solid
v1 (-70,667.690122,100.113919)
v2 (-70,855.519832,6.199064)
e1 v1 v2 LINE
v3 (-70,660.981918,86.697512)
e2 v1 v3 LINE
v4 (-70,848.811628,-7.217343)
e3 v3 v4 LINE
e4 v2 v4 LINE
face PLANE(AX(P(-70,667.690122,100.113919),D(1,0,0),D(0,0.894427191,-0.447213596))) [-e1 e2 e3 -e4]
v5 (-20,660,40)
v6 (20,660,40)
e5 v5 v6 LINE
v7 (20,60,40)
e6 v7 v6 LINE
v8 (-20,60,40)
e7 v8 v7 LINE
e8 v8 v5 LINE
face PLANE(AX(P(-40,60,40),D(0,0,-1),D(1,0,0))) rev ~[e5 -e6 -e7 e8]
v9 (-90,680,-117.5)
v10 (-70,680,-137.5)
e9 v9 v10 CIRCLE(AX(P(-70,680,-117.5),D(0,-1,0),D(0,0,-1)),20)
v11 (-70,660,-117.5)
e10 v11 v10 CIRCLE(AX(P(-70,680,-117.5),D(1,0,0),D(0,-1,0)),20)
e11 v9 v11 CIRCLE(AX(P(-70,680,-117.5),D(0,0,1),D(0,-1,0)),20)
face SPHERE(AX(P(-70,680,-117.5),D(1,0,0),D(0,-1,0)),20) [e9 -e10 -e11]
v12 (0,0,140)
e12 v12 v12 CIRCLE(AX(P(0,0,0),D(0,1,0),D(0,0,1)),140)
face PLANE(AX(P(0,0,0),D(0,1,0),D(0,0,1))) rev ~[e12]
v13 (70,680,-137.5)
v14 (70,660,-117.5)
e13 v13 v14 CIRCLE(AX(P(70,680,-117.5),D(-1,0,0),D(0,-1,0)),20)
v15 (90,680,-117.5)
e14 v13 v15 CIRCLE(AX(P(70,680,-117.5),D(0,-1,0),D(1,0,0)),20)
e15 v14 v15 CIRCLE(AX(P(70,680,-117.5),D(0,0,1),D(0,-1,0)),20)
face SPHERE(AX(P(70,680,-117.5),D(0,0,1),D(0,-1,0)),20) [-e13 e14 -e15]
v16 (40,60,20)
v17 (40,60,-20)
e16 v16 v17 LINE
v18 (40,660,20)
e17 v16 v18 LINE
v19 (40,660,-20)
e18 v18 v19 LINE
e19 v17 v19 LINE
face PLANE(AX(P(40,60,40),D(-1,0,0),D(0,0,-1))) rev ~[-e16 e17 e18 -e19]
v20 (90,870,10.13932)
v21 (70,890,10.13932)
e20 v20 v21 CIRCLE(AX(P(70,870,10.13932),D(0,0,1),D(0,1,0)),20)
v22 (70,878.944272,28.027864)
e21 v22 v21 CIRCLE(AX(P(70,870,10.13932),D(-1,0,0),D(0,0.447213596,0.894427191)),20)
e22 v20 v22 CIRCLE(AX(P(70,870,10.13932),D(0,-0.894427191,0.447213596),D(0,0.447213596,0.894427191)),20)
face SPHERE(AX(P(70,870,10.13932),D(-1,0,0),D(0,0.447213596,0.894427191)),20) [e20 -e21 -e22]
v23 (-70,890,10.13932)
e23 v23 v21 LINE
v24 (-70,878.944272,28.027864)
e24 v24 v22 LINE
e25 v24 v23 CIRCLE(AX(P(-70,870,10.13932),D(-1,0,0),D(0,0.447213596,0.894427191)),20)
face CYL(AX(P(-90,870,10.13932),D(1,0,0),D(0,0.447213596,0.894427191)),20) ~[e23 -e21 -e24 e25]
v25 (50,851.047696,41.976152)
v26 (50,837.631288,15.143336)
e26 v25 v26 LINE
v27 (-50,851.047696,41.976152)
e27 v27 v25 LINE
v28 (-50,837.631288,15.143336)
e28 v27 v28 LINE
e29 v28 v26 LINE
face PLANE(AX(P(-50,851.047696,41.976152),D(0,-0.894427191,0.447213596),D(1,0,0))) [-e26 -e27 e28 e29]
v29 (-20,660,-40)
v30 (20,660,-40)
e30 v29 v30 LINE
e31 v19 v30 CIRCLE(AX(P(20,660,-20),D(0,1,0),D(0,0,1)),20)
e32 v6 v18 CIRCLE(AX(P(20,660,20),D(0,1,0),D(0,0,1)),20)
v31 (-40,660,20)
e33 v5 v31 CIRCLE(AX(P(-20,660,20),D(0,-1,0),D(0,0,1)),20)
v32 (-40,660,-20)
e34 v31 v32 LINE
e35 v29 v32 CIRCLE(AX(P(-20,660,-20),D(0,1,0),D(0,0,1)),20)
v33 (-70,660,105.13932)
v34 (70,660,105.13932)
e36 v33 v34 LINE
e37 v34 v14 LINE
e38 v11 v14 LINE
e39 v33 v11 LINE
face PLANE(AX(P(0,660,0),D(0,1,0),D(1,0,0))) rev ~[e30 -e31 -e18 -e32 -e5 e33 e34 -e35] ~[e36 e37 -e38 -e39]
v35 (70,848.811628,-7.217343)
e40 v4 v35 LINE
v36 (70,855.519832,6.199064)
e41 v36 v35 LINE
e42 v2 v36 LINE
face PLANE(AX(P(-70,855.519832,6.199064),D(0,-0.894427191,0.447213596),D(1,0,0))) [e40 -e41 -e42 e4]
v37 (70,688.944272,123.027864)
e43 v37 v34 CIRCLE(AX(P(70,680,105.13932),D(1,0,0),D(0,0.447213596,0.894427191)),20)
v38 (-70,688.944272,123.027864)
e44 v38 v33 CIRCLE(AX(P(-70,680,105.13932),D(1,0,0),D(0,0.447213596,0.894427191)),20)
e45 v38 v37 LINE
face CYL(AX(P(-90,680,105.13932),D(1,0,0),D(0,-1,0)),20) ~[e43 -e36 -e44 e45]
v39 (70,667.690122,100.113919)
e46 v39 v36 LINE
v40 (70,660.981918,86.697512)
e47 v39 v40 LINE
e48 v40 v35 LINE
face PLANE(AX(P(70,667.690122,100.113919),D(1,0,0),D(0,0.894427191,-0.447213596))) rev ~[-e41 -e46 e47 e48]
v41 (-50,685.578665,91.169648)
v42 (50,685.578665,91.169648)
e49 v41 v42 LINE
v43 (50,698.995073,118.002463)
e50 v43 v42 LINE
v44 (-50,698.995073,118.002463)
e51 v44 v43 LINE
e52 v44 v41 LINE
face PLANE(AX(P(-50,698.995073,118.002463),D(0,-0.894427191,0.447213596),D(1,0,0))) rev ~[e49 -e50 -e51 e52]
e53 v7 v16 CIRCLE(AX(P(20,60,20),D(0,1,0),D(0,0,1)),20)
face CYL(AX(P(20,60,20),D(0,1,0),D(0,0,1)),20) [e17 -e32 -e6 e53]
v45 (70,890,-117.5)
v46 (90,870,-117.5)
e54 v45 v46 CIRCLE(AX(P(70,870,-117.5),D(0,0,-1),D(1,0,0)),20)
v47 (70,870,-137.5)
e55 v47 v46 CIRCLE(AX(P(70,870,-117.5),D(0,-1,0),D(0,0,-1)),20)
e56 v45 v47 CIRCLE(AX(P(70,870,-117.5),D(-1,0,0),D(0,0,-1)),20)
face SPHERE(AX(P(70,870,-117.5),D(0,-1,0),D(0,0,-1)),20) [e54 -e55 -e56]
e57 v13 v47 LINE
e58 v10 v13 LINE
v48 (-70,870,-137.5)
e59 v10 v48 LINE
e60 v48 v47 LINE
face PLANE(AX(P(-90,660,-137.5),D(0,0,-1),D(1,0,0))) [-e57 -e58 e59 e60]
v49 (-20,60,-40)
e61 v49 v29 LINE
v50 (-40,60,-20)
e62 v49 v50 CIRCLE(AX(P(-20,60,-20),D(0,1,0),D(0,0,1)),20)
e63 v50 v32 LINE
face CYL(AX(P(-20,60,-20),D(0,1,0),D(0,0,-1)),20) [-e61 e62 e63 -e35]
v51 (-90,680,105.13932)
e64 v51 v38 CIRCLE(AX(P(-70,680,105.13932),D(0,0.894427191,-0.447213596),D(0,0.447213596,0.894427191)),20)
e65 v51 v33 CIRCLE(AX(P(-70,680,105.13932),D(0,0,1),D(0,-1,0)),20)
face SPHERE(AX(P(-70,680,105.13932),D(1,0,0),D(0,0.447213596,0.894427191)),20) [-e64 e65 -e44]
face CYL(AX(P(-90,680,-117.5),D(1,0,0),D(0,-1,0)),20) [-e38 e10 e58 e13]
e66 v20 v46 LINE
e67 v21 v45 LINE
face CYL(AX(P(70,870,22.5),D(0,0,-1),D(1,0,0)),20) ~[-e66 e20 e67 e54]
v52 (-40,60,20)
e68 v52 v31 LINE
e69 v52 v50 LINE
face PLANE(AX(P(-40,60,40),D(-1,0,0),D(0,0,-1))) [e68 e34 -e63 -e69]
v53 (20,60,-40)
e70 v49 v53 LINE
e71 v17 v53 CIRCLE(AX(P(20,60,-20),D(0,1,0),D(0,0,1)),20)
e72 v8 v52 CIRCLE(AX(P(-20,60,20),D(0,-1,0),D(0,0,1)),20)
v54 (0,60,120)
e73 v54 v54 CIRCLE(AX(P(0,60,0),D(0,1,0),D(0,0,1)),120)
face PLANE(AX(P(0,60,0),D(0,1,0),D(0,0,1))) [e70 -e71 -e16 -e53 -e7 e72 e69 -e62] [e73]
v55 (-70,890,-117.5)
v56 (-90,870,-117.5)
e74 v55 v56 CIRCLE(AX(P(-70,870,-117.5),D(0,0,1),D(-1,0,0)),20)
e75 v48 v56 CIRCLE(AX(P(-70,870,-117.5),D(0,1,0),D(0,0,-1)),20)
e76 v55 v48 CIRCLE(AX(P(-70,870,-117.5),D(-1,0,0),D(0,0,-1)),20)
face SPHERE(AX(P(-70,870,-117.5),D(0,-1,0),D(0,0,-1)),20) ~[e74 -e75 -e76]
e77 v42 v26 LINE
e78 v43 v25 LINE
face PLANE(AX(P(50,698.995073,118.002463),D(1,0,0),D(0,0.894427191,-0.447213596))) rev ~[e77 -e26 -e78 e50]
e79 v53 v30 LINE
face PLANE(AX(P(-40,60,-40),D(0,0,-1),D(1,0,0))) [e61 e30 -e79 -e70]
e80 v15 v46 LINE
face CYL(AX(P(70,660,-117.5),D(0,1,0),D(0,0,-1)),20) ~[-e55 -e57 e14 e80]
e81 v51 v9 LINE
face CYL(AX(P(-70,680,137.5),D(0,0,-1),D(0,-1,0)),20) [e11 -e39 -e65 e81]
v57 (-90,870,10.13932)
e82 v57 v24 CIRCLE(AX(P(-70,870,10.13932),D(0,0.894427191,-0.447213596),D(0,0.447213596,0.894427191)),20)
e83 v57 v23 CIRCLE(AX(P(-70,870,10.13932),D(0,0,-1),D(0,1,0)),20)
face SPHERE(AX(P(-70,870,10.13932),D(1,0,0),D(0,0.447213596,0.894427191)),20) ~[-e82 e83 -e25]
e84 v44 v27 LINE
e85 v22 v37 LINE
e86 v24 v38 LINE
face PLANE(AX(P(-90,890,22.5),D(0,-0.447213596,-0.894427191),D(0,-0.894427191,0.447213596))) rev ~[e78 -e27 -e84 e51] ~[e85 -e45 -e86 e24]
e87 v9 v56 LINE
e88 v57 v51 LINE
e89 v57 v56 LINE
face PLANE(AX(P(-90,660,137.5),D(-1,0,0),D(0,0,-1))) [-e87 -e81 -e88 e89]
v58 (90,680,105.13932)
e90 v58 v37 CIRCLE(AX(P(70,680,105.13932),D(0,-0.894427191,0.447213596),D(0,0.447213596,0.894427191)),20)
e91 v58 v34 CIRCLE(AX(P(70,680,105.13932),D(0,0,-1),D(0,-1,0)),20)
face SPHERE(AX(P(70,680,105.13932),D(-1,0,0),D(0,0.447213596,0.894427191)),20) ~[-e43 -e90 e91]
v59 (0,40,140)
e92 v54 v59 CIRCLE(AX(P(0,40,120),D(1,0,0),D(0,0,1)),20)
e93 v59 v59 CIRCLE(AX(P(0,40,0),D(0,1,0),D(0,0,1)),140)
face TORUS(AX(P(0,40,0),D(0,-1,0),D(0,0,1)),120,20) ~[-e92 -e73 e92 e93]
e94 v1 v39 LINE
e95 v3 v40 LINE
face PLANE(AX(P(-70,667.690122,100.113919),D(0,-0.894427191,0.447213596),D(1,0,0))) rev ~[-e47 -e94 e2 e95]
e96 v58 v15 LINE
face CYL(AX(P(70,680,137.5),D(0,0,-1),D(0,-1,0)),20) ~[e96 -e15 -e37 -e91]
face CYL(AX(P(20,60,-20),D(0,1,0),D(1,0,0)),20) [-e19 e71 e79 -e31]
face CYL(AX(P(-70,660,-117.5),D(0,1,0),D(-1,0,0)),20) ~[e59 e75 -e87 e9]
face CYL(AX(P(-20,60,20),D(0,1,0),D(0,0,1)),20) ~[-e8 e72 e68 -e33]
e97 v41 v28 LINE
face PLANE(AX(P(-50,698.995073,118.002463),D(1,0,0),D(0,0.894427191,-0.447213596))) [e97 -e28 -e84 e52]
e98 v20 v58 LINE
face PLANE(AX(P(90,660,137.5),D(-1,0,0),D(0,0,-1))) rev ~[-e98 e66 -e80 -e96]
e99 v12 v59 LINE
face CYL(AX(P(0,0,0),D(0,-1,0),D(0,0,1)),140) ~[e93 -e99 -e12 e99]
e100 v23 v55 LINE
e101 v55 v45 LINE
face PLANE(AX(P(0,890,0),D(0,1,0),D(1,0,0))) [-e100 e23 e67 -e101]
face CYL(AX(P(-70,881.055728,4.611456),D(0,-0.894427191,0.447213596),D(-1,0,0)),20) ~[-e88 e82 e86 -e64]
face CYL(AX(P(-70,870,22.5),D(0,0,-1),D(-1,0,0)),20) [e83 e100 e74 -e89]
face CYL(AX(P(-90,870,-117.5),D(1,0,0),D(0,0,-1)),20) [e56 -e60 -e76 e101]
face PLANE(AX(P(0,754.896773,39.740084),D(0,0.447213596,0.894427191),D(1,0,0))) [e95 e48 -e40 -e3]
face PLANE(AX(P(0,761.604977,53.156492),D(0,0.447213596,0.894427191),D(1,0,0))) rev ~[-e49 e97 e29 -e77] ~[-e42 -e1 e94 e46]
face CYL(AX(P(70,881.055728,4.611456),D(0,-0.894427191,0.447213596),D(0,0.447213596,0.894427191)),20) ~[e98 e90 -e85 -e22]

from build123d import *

# Parameters (mm, degrees)
SKETCH1_R           = 140
BOSS_EXTRUDE1_DEPTH = 60
SKETCH2_W           = 80
SKETCH2_H           = 80
BOSS_EXTRUDE2_DEPTH = 600
SKETCH3_W           = 180
SKETCH3_H           = 275
BOSS_EXTRUDE3_DEPTH = 230
CUT_EXTRUDE1_DEPTH  = 930.838695689
SKETCH5_W           = 100
SKETCH5_H           = 170
CUT_EXTRUDE2_DEPTH  = 30
SKETCH6_W           = 140
SKETCH6_H           = 210
CUT_EXTRUDE3_DEPTH  = 15
FILLET1_R           = 20
FILLET2_R           = 20
FILLET3_R           = 20


with BuildPart() as part:
    # Sketch1 → Boss-Extrude1 (new body)
    with BuildSketch(Plane(origin=(0, 0, 0), x_dir=(1, 0, 0), z_dir=(0, 1, 0))):
        with Locations(Location((0, 0, 0), (0, 0, 270))):
            Circle(SKETCH1_R)
    extrude(amount=BOSS_EXTRUDE1_DEPTH)

    # Sketch2 → Boss-Extrude2 (add)
    with BuildSketch(Plane(origin=(0, 60, 0), x_dir=(1, 0, 0), z_dir=(0, 1, 0))):
        Rectangle(SKETCH2_W, SKETCH2_H)
    extrude(amount=BOSS_EXTRUDE2_DEPTH)

    # Sketch3 → Boss-Extrude3 (add)
    with BuildSketch(Plane(origin=(0, 660, 0), x_dir=(1, 0, 0), z_dir=(0, 1, 0))):
        Rectangle(SKETCH3_W, SKETCH3_H)
    extrude(amount=BOSS_EXTRUDE3_DEPTH)

    # Sketch4 → Cut-Extrude1 (cut, through all)
    with BuildSketch(Plane.ZY.offset(90)):
        Polygon((22.5, 890), (137.5, 660), (137.5, 890), align=None)
    extrude(amount=-CUT_EXTRUDE1_DEPTH, mode=Mode.SUBTRACT)

    # Sketch5 → Cut-Extrude2 (cut)
    with BuildSketch(Plane(origin=(0, 187, 374), x_dir=(1, 0, 0), z_dir=(0, 0.4472135954999582, 0.8944271909999159))):
        with Locations((0, 657.427894091)):
            Rectangle(SKETCH5_W, SKETCH5_H)
    extrude(amount=-CUT_EXTRUDE2_DEPTH, mode=Mode.SUBTRACT)

    # Sketch6 → Cut-Extrude3 (cut)
    with BuildSketch(Plane(origin=(0, 173.583592135, 347.16718427), x_dir=(1, 0, 0), z_dir=(0, 0.44721359549995826, 0.8944271909999159))):
        with Locations((0, 657.427894091)):
            Rectangle(SKETCH6_W, SKETCH6_H)
    extrude(amount=-CUT_EXTRUDE3_DEPTH, mode=Mode.SUBTRACT)

    # Fillet1
    fillet1_edges = [part.edges().sort_by_distance(p)[0] for p in [
        (0, 60, -140),
        (40, 360, 40),
        (40, 360, -40),
        (-40, 360, -40),
    ]]
    fillet(fillet1_edges, radius=FILLET1_R)

    # Fillet2
    fillet2_edges = [part.edges().sort_by_distance(p)[0] for p in [
        (-40, 360, 40),
    ]]
    fillet(fillet2_edges, radius=FILLET2_R)

    # Fillet3
    fillet3_edges = [part.edges().sort_by_distance(p)[0] for p in [
        (90, 660, 0),
        (0, 660, -137.5),
        (90, 775, -137.5),
        (-90, 660, 0),
        (-90, 775, -137.5),
        (0, 660, 137.5),
        (0, 890, -137.5),
        (-90, 890, -57.5),
        (90, 890, -57.5),
        (0, 890, 22.5),
        (90, 775, 80),
        (-90, 775, 80),
    ]]
    fillet(fillet3_edges, radius=FILLET3_R)


solid = part.part
